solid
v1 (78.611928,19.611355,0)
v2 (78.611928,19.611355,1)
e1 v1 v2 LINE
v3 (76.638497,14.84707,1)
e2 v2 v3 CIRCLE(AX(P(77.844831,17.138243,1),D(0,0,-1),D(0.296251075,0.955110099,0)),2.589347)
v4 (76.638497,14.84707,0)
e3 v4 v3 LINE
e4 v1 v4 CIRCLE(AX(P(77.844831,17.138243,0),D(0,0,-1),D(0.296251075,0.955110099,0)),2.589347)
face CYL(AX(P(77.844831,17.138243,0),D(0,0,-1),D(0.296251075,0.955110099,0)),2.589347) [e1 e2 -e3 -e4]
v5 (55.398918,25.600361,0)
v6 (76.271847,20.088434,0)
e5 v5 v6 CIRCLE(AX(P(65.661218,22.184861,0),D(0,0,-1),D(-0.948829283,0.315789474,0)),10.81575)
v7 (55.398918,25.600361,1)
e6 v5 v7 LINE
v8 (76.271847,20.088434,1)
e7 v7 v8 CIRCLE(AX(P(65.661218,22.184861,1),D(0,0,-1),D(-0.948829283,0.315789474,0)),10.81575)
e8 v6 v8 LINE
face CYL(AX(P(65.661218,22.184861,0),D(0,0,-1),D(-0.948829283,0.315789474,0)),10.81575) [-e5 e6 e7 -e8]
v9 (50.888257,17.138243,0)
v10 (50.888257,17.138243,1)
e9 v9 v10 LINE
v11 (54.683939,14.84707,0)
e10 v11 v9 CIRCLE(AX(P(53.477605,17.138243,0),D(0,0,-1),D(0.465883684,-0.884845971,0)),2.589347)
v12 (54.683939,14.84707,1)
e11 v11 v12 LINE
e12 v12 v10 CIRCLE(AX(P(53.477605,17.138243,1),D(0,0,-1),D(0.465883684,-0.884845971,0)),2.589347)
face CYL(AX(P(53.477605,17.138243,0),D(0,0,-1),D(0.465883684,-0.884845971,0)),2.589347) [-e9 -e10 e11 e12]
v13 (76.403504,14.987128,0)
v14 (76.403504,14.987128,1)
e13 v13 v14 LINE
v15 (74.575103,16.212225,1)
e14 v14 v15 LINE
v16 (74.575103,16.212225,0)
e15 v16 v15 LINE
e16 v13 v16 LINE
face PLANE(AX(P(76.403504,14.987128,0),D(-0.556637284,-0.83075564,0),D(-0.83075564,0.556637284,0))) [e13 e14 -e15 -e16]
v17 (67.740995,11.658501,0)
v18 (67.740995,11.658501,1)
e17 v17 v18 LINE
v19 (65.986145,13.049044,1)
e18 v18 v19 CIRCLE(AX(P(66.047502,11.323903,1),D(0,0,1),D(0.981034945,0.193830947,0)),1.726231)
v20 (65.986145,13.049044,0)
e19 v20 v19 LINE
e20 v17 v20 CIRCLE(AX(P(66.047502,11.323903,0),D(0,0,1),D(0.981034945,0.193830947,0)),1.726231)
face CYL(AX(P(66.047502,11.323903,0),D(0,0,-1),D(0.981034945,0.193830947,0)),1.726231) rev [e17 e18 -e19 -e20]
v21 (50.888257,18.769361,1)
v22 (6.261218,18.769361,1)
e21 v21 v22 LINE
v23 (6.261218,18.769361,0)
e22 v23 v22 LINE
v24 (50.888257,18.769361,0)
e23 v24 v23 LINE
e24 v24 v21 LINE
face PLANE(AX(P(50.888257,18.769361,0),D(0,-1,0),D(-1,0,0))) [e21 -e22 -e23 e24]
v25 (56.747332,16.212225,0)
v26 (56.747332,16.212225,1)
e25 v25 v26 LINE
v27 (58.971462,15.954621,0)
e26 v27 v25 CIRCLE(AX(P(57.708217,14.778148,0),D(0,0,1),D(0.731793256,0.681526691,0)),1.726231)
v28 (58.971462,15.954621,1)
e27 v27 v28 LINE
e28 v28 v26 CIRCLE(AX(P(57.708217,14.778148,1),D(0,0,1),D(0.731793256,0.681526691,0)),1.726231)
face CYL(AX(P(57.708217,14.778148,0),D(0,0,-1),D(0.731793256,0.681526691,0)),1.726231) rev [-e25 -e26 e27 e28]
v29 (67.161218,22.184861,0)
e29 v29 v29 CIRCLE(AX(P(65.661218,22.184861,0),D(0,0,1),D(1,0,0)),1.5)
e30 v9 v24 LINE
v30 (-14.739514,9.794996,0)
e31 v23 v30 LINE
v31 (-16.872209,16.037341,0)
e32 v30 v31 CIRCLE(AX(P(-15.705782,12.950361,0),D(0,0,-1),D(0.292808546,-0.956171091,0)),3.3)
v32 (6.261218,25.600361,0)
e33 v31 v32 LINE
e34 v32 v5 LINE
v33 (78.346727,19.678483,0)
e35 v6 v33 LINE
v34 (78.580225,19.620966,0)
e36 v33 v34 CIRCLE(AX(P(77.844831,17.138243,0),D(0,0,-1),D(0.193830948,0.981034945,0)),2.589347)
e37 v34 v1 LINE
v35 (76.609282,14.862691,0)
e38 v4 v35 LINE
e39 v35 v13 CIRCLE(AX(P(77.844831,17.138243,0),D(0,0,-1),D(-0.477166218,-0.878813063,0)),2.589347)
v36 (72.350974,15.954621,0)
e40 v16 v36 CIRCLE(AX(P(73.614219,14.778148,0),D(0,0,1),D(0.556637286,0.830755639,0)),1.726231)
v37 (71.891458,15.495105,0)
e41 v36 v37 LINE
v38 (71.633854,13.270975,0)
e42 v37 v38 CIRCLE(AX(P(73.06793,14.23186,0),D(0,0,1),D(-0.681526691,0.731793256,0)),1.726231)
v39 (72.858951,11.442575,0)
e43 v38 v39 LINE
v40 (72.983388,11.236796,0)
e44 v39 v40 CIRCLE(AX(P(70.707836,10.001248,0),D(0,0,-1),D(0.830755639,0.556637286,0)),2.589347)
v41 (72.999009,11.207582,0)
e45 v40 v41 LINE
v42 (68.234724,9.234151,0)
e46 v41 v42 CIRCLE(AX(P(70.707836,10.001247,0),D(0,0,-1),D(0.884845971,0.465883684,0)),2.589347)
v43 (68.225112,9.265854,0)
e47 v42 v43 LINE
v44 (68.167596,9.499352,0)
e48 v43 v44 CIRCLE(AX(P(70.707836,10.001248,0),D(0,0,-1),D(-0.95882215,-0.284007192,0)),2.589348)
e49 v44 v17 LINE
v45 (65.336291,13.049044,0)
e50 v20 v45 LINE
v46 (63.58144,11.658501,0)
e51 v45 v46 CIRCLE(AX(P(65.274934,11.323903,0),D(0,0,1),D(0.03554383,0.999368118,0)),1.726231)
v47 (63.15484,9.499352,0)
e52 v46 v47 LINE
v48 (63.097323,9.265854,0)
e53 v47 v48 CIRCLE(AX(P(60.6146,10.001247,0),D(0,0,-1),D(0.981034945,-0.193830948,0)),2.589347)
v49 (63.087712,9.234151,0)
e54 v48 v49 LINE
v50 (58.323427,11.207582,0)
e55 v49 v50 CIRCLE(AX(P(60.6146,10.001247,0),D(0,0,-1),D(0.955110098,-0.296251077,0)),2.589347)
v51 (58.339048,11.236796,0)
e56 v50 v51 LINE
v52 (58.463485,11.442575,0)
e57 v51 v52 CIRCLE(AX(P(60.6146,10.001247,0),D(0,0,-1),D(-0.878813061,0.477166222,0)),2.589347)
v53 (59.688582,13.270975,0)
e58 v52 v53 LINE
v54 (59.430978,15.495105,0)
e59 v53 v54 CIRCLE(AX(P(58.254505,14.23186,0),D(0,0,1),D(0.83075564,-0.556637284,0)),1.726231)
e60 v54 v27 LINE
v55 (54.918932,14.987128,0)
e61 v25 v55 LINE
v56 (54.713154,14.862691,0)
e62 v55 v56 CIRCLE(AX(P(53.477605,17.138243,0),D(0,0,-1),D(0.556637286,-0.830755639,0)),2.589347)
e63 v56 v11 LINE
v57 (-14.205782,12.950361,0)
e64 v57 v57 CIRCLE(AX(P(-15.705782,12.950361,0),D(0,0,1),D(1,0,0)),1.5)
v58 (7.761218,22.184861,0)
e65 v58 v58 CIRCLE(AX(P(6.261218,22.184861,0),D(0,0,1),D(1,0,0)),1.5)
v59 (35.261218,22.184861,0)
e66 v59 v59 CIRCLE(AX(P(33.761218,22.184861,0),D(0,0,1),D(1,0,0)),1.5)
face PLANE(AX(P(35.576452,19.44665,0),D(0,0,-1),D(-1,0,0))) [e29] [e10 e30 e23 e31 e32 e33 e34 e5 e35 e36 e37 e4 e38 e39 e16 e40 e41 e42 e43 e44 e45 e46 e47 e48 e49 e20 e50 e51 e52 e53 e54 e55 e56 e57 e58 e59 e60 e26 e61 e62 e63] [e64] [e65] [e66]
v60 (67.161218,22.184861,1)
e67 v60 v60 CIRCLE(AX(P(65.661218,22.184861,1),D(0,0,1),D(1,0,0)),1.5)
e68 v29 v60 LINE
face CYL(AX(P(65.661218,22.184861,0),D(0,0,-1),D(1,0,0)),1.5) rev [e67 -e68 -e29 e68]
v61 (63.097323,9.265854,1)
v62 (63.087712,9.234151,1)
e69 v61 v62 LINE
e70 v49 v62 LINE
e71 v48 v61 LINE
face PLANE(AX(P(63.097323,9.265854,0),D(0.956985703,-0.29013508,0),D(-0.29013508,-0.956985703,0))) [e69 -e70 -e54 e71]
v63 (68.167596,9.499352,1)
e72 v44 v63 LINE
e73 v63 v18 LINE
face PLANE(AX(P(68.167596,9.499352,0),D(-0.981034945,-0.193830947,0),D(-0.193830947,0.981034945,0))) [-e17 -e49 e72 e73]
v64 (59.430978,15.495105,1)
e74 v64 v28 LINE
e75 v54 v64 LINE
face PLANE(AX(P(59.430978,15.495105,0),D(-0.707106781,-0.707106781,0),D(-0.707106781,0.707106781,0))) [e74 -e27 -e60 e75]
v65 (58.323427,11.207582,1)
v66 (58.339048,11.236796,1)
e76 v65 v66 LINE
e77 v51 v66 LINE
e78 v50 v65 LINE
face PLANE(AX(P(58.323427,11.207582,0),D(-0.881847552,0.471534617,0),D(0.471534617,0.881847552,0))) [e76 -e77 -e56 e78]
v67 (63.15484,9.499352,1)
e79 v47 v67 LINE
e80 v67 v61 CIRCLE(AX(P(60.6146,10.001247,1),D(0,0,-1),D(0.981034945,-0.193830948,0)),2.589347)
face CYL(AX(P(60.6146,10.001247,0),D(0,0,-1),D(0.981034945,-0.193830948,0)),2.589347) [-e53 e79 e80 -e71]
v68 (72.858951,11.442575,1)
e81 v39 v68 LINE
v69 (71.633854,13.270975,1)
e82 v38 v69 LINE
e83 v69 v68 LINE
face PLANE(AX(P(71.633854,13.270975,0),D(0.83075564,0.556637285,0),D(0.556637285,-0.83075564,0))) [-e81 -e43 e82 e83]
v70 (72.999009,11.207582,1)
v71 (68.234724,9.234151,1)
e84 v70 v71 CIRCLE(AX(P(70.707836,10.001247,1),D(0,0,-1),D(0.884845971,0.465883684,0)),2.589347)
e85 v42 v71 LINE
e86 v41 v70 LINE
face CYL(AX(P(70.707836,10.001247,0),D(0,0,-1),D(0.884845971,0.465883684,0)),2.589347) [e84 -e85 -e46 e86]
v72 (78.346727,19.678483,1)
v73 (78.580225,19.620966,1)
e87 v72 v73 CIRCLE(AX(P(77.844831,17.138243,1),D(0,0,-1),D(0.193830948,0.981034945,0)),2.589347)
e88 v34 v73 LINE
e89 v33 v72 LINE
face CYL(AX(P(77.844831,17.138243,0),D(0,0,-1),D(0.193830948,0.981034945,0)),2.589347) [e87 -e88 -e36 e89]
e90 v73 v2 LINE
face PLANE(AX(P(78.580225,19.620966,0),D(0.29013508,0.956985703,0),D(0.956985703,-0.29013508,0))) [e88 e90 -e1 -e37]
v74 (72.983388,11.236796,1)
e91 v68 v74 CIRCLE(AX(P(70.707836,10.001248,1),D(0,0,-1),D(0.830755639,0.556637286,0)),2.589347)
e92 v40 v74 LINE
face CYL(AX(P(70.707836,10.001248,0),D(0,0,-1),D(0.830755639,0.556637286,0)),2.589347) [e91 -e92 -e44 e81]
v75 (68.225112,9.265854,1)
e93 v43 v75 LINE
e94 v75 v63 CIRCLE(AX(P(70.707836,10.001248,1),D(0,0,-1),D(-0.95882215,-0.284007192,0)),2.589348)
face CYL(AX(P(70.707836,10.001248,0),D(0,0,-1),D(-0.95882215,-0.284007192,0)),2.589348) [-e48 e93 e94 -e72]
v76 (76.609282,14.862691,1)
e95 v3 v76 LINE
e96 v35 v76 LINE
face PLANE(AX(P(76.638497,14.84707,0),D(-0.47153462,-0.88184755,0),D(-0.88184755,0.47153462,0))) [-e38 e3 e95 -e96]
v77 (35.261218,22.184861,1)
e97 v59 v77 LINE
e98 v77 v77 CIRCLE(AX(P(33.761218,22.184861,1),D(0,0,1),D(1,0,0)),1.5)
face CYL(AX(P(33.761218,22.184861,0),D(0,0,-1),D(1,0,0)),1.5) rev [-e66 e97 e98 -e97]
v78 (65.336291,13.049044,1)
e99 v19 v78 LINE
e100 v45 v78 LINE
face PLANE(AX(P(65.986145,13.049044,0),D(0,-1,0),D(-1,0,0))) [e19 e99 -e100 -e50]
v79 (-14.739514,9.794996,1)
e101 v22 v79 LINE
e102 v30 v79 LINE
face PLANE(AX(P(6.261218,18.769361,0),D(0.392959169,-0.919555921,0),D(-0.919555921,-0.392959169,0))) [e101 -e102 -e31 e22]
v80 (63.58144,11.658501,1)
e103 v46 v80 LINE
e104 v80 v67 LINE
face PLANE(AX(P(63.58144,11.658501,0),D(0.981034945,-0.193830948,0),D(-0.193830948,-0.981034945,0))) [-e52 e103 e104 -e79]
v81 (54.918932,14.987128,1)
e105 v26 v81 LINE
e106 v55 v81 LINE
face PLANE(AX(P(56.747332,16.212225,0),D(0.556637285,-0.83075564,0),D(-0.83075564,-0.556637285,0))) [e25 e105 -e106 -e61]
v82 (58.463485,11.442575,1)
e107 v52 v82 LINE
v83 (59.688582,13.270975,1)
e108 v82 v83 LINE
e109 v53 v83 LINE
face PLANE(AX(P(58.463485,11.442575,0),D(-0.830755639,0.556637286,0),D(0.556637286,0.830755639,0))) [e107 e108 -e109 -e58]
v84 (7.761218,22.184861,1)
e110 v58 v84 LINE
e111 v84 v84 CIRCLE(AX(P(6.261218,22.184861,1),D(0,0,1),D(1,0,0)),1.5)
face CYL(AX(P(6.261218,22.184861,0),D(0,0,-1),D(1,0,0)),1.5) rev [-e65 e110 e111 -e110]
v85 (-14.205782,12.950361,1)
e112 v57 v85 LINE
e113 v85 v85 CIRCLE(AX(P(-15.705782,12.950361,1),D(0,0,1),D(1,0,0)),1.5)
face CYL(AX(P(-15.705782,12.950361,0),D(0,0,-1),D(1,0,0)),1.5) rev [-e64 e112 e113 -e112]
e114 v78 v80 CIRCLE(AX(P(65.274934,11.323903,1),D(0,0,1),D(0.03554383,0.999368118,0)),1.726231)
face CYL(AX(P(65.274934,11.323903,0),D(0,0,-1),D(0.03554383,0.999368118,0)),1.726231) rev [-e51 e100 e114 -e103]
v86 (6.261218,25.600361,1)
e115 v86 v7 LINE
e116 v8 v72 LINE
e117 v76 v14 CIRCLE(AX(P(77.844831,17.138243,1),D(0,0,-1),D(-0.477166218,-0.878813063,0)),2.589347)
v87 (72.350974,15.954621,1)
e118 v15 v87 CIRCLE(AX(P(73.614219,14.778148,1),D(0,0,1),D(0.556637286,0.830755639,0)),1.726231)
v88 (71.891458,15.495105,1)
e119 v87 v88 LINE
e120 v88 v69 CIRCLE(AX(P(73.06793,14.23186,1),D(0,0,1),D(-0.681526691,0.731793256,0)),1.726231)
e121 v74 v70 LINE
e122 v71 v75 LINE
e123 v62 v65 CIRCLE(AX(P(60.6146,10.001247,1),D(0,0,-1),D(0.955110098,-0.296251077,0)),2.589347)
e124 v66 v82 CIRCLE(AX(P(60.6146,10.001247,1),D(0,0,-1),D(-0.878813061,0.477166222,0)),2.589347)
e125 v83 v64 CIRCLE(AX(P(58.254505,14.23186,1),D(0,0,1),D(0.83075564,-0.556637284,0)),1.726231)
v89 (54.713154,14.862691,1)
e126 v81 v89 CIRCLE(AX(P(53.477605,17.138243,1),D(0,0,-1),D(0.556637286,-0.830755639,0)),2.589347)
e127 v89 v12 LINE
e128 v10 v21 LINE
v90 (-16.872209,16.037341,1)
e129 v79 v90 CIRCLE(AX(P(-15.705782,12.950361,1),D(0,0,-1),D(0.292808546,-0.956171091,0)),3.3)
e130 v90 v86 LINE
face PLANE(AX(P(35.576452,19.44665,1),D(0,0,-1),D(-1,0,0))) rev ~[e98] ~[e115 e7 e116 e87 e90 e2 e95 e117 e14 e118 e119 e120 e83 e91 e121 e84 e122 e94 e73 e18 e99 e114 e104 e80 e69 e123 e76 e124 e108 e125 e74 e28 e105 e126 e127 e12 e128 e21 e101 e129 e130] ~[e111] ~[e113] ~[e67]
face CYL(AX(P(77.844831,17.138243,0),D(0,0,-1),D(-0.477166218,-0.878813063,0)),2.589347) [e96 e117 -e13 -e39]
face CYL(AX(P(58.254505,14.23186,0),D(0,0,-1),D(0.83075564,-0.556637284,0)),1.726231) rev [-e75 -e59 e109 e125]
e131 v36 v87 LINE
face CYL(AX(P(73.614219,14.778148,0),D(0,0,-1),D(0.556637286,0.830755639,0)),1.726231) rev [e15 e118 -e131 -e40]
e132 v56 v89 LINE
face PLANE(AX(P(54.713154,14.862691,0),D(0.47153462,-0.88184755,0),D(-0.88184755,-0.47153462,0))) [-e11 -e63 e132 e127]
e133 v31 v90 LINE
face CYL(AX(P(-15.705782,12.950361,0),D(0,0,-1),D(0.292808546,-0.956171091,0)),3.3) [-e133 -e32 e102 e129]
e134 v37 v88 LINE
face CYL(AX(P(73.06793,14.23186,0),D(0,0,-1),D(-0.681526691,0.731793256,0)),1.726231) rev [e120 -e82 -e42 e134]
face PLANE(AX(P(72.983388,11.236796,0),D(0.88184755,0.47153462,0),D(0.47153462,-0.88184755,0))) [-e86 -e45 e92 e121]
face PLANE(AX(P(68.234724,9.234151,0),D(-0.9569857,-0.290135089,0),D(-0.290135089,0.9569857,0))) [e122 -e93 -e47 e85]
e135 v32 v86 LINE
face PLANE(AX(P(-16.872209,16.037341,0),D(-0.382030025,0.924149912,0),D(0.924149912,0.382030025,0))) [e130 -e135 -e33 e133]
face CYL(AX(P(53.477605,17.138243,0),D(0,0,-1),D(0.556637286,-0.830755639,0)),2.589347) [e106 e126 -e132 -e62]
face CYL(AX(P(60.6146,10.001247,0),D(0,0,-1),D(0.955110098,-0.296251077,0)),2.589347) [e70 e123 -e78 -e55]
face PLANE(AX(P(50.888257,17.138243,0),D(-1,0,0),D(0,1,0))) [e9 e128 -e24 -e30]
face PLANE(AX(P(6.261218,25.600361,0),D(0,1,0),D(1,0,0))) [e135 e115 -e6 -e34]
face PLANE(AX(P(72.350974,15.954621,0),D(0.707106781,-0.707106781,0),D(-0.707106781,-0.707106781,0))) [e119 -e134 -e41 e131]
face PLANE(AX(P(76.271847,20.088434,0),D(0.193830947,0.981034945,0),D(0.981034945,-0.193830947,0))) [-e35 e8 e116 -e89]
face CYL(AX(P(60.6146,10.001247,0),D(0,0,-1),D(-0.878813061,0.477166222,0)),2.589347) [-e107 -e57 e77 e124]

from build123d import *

# Parameters (mm, degrees)
MODEL_R                 = 1.5
SALIENTE_EXTRUIR1_DEPTH = 1


with BuildPart() as part:
    # Model → Saliente-Extruir1 (new body)
    with BuildSketch(Plane.XY):
        with BuildLine():
            Line((6.261217919, 18.769360839), (-14.739513879, 9.794996238))
            ThreePointArc((-14.739513879, 9.794996238), (-18.828558612, 11.883464999), (-16.872209477, 16.037341099))
            Line((-16.872209477, 16.037341099), (6.261217919, 25.600360839))
            Line((6.261217919, 25.600360839), (33.761217919, 25.600360839))
            Line((33.761217919, 25.600360839), (55.398917602, 25.600360839))
            ThreePointArc((55.398917602, 25.600360839), (68.422679159, 32.642144419), (76.271846628, 20.088433767))
            Line((76.271846628, 20.088433767), (78.346726924, 19.678483017))
            ThreePointArc((78.346726924, 19.678483017), (78.464143806, 19.652436824), (78.580224549, 19.620966371))
            Line((78.580224549, 19.620966371), (78.611928195, 19.611354587))
            ThreePointArc((78.611928195, 19.611354587), (80.237076178, 16.147342665), (76.638496698, 14.847069503))
            Line((76.638496698, 14.847069503), (76.609282278, 14.862690809))
            ThreePointArc((76.609282278, 14.862690809), (76.504947826, 14.922519319), (76.403504113, 14.987128153))
            Line((76.403504113, 14.987128153), (74.575103444, 16.212224841))
            ThreePointArc((74.575103444, 16.212224841), (73.415610314, 16.492916463), (72.35097411, 15.954621135))
            Line((72.35097411, 15.954621135), (71.891457622, 15.495104647))
            ThreePointArc((71.891457622, 15.495104647), (71.353162294, 14.430468442), (71.633853917, 13.270975311))
            Line((71.633853917, 13.270975311), (72.858950606, 11.442574643))
            ThreePointArc((72.858950606, 11.442574643), (72.92355944, 11.34113093), (72.98338795, 11.236796479))
            Line((72.98338795, 11.236796479), (72.999009256, 11.207582059))
            ThreePointArc((72.999009256, 11.207582059), (71.698736047, 7.609002556), (68.234724141, 9.234150662))
            Line((68.234724141, 9.234150662), (68.225112387, 9.265854208))
            ThreePointArc((68.225112387, 9.265854208), (68.193641935, 9.381934951), (68.167595742, 9.499351833))
            Line((68.167595742, 9.499351833), (67.740995408, 11.65850052))
            ThreePointArc((67.740995408, 11.65850052), (67.119588901, 12.676864925), (65.986145145, 13.049044127))
            Line((65.986145145, 13.049044127), (65.336290696, 13.049044127))
            ThreePointArc((65.336290696, 13.049044127), (64.20284694, 12.676864925), (63.581440434, 11.658500522))
            Line((63.581440434, 11.658500522), (63.154840098, 9.499351834))
            ThreePointArc((63.154840098, 9.499351834), (63.128793905, 9.381934952), (63.097323452, 9.265854209))
            Line((63.097323452, 9.265854209), (63.087711668, 9.234150563))
            ThreePointArc((63.087711668, 9.234150563), (59.623699794, 7.609002564), (58.323426536, 11.20758197))
            Line((58.323426536, 11.20758197), (58.33904789, 11.23679648))
            ThreePointArc((58.33904789, 11.23679648), (58.3988764, 11.341130932), (58.463485233, 11.442574645))
            Line((58.463485233, 11.442574645), (59.688581925, 13.270975312))
            ThreePointArc((59.688581925, 13.270975312), (59.969273546, 14.430468443), (59.430978219, 15.495104647))
            Line((59.430978219, 15.495104647), (58.971461731, 15.954621135))
            ThreePointArc((58.971461731, 15.954621135), (57.906825526, 16.492916463), (56.747332395, 16.21222484))
            Line((56.747332395, 16.21222484), (54.918931727, 14.987128151))
            ThreePointArc((54.918931727, 14.987128151), (54.817488014, 14.922519317), (54.713153563, 14.862690807))
            Line((54.713153563, 14.862690807), (54.683939143, 14.847069501))
            ThreePointArc((54.683939143, 14.847069501), (52.139490235, 14.921450429), (50.888257342, 17.138242934))
            Line((50.888257342, 17.138242934), (50.888257342, 18.769360839))
            Line((50.888257342, 18.769360839), (6.261217919, 18.769360839))
        make_face()
        with Locations((65.661217919, 22.184860839)):
            Circle(MODEL_R, mode=Mode.SUBTRACT)
        with Locations((33.761217919, 22.184860839)):
            Circle(MODEL_R, mode=Mode.SUBTRACT)
        with Locations((6.261217919, 22.184860839)):
            Circle(MODEL_R, mode=Mode.SUBTRACT)
        with Locations((-15.705782081, 12.950360839)):
            Circle(MODEL_R, mode=Mode.SUBTRACT)
    extrude(amount=SALIENTE_EXTRUIR1_DEPTH)


solid = part.part
